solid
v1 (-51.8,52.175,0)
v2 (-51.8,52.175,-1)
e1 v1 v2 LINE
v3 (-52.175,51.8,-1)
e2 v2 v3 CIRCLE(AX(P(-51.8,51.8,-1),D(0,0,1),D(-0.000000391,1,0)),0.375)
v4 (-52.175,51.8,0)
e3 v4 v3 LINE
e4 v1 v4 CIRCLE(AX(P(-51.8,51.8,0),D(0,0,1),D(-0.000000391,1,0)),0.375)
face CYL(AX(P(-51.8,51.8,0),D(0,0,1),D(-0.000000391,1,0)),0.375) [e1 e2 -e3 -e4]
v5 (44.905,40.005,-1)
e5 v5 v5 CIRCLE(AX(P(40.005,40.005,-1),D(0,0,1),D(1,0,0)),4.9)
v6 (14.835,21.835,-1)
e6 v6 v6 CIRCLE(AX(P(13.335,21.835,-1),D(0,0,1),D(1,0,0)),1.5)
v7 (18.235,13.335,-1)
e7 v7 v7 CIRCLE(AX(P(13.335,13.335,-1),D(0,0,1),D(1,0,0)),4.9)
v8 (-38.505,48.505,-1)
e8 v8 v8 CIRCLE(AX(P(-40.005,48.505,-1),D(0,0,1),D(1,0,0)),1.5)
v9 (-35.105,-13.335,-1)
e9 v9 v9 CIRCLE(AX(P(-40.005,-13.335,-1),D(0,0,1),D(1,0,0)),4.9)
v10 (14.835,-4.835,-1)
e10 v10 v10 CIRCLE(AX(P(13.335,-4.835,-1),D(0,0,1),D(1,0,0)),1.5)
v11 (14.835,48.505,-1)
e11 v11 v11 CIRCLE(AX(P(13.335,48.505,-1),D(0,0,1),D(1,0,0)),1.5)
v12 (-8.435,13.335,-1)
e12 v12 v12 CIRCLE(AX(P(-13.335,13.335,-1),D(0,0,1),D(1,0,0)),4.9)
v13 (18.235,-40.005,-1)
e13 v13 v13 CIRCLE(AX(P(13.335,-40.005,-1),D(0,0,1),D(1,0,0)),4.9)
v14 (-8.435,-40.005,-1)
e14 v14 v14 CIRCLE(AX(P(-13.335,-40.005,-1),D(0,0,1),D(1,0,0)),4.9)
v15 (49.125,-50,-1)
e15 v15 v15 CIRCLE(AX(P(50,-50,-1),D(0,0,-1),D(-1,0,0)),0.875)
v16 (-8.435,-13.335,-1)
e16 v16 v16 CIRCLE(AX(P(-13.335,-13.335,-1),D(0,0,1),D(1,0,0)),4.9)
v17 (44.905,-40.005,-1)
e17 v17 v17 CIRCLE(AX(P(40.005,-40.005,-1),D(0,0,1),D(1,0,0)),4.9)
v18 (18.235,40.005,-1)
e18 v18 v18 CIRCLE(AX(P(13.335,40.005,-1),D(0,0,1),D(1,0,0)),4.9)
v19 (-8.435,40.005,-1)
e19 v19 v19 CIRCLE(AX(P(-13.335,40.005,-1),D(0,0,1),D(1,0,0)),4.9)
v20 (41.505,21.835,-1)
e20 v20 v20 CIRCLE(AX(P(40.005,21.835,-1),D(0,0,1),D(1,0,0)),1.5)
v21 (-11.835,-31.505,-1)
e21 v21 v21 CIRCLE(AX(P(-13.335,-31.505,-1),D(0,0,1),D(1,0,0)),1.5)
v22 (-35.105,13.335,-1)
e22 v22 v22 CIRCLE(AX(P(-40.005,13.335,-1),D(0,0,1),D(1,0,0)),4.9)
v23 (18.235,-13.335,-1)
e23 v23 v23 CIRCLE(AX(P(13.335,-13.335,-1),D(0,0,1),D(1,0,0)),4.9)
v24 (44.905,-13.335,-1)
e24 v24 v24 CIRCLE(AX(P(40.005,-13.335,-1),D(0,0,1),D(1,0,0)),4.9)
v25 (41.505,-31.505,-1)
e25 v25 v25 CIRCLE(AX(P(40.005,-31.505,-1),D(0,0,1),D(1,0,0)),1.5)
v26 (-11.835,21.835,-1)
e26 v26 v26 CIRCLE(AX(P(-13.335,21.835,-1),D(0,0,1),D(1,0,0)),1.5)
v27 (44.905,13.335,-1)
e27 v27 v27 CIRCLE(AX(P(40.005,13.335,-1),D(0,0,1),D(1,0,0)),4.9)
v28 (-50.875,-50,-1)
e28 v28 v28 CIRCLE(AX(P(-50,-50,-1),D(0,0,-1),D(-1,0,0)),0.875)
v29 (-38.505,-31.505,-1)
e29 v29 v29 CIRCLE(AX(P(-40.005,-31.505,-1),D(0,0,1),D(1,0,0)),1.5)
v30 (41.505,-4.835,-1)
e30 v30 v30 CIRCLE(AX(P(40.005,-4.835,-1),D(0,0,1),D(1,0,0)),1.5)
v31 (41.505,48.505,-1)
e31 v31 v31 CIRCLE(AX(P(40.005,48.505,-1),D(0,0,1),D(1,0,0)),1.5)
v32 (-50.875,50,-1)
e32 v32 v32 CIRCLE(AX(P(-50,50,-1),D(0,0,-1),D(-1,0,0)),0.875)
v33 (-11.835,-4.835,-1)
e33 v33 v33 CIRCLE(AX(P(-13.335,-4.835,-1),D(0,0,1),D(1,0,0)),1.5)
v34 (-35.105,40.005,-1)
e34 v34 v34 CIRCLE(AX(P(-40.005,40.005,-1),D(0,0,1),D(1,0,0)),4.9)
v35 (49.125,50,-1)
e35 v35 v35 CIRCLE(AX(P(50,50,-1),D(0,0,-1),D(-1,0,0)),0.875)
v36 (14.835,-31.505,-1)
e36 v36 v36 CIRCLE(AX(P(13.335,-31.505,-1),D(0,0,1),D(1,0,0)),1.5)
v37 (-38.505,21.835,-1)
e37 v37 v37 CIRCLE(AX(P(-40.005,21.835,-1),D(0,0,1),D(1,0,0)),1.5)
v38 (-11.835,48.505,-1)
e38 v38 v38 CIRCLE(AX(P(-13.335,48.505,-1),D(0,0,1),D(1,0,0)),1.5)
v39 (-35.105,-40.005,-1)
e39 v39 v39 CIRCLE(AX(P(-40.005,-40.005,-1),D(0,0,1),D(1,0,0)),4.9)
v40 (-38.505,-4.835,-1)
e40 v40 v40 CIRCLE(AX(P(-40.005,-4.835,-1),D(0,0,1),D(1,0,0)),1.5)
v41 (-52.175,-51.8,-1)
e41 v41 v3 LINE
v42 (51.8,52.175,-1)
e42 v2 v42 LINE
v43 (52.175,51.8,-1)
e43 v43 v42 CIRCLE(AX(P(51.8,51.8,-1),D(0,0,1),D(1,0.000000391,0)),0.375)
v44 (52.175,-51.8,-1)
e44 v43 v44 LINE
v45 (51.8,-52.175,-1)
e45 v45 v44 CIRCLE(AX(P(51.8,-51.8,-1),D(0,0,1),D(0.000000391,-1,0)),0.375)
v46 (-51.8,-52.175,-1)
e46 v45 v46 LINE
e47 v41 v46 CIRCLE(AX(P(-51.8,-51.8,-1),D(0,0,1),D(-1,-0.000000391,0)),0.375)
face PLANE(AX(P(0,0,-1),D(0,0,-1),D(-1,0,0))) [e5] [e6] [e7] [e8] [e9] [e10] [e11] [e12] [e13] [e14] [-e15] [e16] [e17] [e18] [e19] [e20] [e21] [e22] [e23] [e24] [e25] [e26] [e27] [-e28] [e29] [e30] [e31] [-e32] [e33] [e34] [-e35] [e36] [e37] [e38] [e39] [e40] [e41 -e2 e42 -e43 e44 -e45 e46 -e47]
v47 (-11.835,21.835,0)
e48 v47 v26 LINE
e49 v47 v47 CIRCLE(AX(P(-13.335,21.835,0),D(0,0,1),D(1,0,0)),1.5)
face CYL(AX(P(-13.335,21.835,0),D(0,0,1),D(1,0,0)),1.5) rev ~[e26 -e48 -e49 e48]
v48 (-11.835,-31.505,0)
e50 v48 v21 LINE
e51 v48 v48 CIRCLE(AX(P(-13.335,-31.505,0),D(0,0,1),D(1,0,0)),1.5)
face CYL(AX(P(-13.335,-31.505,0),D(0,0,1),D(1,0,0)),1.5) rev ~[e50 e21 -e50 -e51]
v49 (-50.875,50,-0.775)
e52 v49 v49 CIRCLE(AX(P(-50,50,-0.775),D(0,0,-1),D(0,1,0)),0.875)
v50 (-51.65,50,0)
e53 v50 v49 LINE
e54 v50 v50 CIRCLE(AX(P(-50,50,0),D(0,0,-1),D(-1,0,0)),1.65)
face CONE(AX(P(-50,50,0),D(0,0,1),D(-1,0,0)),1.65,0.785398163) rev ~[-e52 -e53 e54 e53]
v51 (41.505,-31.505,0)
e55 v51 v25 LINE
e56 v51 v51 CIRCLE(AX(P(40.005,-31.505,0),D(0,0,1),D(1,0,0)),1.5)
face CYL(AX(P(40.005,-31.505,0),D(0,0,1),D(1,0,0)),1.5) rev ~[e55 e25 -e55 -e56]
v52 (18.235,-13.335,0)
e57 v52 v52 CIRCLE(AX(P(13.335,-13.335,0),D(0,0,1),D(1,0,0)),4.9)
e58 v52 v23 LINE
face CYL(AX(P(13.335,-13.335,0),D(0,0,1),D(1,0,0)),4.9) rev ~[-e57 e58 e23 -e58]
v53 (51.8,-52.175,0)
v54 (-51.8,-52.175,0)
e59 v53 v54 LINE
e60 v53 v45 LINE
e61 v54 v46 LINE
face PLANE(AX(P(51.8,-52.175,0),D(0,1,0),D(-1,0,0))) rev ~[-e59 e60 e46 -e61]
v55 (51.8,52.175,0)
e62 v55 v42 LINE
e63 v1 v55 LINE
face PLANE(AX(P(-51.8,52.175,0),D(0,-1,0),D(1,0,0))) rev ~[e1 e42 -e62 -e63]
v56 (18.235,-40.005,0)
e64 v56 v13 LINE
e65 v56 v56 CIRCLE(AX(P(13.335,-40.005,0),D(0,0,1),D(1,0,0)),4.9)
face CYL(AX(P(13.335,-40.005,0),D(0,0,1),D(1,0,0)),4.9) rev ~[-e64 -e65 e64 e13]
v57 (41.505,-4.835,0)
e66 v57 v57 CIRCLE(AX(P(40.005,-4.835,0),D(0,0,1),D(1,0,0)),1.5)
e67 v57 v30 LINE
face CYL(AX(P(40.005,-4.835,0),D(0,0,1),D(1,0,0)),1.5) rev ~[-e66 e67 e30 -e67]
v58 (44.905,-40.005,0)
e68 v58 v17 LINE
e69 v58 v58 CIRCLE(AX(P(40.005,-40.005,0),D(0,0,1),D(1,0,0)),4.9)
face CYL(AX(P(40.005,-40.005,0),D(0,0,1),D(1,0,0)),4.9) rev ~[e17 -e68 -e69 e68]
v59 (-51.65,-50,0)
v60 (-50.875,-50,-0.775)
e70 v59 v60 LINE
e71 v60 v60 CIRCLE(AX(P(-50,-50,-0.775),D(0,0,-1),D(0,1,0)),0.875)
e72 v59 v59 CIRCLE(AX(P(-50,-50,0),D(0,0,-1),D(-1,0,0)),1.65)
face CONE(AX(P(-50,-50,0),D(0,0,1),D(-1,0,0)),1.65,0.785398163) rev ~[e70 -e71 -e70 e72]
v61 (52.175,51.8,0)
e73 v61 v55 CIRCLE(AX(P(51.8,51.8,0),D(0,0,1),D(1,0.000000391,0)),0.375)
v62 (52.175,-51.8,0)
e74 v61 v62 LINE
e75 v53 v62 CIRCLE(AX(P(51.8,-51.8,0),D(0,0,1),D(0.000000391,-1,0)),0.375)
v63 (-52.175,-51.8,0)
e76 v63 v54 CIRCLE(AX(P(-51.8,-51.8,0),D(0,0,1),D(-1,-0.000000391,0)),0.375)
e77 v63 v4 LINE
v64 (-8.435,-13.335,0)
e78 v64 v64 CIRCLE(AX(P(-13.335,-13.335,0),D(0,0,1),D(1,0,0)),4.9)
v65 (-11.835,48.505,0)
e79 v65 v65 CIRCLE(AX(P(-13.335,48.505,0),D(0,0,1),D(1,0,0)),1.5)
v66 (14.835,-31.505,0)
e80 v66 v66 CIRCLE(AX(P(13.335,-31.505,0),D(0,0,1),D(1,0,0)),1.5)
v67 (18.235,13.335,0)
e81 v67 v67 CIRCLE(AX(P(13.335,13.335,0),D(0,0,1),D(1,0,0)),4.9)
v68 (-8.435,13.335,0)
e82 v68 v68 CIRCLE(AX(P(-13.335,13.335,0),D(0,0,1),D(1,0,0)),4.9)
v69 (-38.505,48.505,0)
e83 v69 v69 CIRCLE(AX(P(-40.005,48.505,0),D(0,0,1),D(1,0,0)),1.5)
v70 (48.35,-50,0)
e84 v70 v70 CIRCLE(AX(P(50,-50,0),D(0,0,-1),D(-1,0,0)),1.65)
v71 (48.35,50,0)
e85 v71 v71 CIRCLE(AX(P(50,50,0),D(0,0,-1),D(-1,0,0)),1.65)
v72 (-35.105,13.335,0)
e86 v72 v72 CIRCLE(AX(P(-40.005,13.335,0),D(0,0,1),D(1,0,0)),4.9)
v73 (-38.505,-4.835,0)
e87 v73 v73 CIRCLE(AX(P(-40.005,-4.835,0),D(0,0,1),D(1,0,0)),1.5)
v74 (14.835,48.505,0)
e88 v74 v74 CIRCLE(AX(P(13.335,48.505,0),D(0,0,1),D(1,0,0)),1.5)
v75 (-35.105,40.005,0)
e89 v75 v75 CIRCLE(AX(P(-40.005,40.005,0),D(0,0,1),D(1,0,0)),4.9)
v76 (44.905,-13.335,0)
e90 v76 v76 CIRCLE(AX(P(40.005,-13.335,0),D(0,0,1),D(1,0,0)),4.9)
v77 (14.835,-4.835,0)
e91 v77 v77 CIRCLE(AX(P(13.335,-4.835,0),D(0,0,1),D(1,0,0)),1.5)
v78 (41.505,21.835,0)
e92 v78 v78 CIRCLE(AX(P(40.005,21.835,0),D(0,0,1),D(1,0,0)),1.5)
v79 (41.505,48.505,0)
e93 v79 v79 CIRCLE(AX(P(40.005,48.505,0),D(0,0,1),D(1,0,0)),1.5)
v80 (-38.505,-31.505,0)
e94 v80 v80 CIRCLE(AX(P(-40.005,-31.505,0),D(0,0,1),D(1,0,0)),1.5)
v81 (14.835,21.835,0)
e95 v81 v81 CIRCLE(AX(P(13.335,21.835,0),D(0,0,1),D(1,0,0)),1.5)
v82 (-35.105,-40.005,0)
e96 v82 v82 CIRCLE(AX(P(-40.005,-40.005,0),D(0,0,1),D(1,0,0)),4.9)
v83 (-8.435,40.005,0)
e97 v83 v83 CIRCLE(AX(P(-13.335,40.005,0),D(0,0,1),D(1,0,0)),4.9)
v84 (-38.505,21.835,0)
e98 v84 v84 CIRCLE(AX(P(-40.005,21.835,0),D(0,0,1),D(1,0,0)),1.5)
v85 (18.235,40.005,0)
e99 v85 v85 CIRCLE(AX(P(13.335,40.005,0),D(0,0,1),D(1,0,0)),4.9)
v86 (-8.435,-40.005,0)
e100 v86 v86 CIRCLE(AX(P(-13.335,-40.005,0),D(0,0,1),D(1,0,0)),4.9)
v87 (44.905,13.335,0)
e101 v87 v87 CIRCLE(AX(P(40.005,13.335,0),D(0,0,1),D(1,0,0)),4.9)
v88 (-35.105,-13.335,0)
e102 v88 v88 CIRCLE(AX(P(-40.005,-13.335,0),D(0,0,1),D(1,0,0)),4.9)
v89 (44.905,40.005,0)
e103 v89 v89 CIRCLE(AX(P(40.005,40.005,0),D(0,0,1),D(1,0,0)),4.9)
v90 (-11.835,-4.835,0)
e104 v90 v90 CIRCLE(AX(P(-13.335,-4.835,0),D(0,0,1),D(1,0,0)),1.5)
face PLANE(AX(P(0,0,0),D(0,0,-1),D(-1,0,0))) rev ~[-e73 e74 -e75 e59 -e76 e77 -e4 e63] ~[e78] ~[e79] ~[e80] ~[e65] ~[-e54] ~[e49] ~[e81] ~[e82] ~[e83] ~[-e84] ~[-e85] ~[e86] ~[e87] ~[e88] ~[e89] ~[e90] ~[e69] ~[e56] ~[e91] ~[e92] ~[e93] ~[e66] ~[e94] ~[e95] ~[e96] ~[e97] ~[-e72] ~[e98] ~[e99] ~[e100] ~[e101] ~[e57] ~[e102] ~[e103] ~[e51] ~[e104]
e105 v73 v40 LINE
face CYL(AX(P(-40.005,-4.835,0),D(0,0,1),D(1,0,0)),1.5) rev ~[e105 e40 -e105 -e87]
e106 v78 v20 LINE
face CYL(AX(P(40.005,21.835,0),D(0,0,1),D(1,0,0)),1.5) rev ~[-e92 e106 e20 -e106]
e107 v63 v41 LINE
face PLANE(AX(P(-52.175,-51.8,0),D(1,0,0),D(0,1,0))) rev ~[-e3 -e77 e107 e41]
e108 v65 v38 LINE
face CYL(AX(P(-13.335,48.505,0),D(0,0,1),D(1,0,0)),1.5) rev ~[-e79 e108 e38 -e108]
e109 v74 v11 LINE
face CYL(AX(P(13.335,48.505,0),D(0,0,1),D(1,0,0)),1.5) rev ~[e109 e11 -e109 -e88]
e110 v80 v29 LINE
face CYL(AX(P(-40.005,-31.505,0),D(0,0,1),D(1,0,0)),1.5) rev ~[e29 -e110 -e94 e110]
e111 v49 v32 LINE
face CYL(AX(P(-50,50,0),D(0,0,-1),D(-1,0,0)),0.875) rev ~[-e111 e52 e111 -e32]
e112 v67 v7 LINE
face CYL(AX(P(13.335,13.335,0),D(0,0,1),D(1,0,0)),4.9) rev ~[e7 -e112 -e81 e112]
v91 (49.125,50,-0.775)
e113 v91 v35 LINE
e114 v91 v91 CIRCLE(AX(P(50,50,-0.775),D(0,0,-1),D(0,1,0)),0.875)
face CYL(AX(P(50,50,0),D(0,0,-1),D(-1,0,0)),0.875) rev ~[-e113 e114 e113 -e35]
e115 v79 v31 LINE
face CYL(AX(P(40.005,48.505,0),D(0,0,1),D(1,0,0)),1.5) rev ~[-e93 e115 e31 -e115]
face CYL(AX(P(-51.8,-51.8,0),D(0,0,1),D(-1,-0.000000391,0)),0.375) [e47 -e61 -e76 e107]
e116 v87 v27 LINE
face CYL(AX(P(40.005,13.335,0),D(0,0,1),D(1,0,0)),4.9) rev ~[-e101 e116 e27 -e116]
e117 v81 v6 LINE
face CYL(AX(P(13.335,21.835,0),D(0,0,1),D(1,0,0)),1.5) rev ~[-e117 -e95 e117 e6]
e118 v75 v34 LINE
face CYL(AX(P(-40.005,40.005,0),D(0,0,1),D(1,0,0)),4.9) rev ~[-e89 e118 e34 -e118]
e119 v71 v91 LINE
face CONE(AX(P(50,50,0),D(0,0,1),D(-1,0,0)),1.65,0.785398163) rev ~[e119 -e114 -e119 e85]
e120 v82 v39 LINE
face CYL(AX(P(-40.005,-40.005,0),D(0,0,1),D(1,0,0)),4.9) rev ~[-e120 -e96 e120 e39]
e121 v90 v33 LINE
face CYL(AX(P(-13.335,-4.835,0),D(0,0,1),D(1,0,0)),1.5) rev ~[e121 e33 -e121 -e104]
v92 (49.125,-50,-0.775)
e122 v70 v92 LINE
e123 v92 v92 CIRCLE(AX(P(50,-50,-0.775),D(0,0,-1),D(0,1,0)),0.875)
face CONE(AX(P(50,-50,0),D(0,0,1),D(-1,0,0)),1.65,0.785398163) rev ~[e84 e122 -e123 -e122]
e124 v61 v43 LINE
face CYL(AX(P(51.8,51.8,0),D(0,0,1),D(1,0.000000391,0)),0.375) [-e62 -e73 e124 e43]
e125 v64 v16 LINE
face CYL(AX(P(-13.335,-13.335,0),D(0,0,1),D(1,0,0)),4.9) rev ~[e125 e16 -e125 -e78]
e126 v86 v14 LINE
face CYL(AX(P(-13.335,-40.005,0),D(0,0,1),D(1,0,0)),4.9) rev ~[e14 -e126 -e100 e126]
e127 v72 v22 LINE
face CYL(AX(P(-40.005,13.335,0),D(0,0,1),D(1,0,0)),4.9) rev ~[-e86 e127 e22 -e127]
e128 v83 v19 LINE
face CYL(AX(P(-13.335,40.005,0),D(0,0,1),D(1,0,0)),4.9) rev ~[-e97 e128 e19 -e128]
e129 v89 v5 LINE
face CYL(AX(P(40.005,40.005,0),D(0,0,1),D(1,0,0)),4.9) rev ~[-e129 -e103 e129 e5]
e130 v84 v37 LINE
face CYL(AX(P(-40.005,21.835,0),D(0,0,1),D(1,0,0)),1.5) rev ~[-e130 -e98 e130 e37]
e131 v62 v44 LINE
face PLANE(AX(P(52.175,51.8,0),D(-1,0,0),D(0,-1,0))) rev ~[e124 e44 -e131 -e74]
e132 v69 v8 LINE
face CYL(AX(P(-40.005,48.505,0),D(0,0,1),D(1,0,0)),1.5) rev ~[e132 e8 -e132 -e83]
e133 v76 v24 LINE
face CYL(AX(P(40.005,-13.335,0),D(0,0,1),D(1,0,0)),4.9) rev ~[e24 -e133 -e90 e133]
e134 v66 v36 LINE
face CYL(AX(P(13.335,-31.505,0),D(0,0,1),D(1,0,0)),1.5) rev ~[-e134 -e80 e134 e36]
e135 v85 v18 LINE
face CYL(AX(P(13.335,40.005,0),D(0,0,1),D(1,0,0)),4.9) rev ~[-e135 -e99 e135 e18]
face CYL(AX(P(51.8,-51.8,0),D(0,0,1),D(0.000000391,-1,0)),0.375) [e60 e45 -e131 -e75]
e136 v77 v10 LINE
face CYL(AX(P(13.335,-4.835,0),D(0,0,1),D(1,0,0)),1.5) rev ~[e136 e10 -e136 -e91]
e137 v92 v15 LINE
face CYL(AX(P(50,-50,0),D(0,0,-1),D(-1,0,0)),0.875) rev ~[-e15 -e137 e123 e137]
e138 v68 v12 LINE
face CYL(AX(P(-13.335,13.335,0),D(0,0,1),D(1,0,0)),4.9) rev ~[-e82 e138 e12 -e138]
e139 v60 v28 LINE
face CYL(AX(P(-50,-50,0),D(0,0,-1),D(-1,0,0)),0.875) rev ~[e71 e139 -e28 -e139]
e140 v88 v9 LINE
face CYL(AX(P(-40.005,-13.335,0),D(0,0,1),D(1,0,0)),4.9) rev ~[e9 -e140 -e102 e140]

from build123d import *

# Parameters (mm, degrees)
PAD_DEPTH        = 1
POCKET_DEPTH     = 0.001
HOLE_D           = 1.75
HOLE_CSINK_D     = 3.3
HOLE_CSINK_ANGLE = 90
SKETCH005_R      = 4.9
HOLE003_DEPTH    = 1.001
SKETCH006_R      = 1.5
HOLE004_DEPTH    = 1.001


with BuildPart() as part:
    # Sketch → Pad (new body)
    with BuildSketch(Plane.XY):
        with BuildLine():
            Line((-51.8, 52.175), (51.8, 52.175))
            ThreePointArc((52.175, 51.8), (52.065165, 52.065165), (51.8, 52.175))
            Line((52.175, 51.8), (52.175, -51.8))
            ThreePointArc((51.8, -52.175), (52.065165, -52.065165), (52.175, -51.8))
            Line((51.8, -52.175), (-51.8, -52.175))
            ThreePointArc((-52.175, -51.8), (-52.065165, -52.065165), (-51.8, -52.175))
            Line((-52.175, -51.8), (-52.175, 51.8))
            ThreePointArc((-51.8, 52.175), (-52.065165, 52.065165), (-52.175, 51.8))
        make_face()
    extrude(amount=-PAD_DEPTH)

    # Sketch002 → Pocket (cut, through all)
    with BuildSketch(Plane.XY.offset(-4.8)):
        with BuildLine():
            Line((-45, 50.175), (45, 50.175))
            ThreePointArc((45, 50.175), (45.353553, 50.321447), (45.5, 50.675))
            ThreePointArc((45.5, 50.675), (45.353553, 51.028553), (45, 51.175))
            Line((-45, 51.175), (45, 51.175))
            ThreePointArc((-45, 51.175), (-45.353553, 51.028553), (-45.5, 50.675))
            ThreePointArc((-45.5, 50.675), (-45.353553, 50.321447), (-45, 50.175))
        make_face()
        with BuildLine():
            Line((-45, -51.175), (45, -51.175))
            ThreePointArc((45, -51.175), (45.353553, -51.028553), (45.5, -50.675))
            ThreePointArc((45.5, -50.675), (45.353553, -50.321447), (45, -50.175))
            Line((-45, -50.175), (45, -50.175))
            ThreePointArc((-45, -50.175), (-45.353553, -50.321447), (-45.5, -50.675))
            ThreePointArc((-45.5, -50.675), (-45.353553, -51.028553), (-45, -51.175))
        make_face()
        with BuildLine():
            Line((51.175, -45), (51.175, 45))
            ThreePointArc((51.175, 45), (51.028553, 45.353553), (50.675, 45.5))
            ThreePointArc((50.675, 45.5), (50.321447, 45.353553), (50.175, 45))
            Line((50.175, -45), (50.175, 45))
            ThreePointArc((50.175, -45), (50.321447, -45.353553), (50.675, -45.5))
            ThreePointArc((50.675, -45.5), (51.028553, -45.353553), (51.175, -45))
        make_face()
        with BuildLine():
            Line((-50.175, -45), (-50.175, 45))
            ThreePointArc((-50.175, 45), (-50.321447, 45.353553), (-50.675, 45.5))
            ThreePointArc((-50.675, 45.5), (-51.028553, 45.353553), (-51.175, 45))
            Line((-51.175, -45), (-51.175, 45))
            ThreePointArc((-51.175, -45), (-51.028553, -45.353553), (-50.675, -45.5))
            ThreePointArc((-50.675, -45.5), (-50.321447, -45.353553), (-50.175, -45))
        make_face()
    extrude(amount=-POCKET_DEPTH, mode=Mode.SUBTRACT)

    # Hole (through all)
    with Locations(Plane.XY):
        with Locations((-50, 50), (50, 50), (50, -50), (-50, -50)):
            CounterSinkHole(HOLE_D / 2, HOLE_CSINK_D / 2, counter_sink_angle=HOLE_CSINK_ANGLE)

    # Sketch005 → Hole003 (cut, through all)
    with BuildSketch(Plane.XY):
        with Locations((-40.005, 40.005)):
            Circle(SKETCH005_R)
        with Locations((-13.335, 40.005)):
            Circle(SKETCH005_R)
        with Locations((13.335, 40.005)):
            Circle(SKETCH005_R)
        with Locations((40.005, 40.005)):
            Circle(SKETCH005_R)
        with Locations((-40.005, 13.335)):
            Circle(SKETCH005_R)
        with Locations((-13.335, 13.335)):
            Circle(SKETCH005_R)
        with Locations((13.335, 13.335)):
            Circle(SKETCH005_R)
        with Locations((40.005, 13.335)):
            Circle(SKETCH005_R)
        with Locations((-40.005, -13.335)):
            Circle(SKETCH005_R)
        with Locations((-13.335, -13.335)):
            Circle(SKETCH005_R)
        with Locations((13.335, -13.335)):
            Circle(SKETCH005_R)
        with Locations((40.005, -13.335)):
            Circle(SKETCH005_R)
        with Locations((-40.005, -40.005)):
            Circle(SKETCH005_R)
        with Locations((-13.335, -40.005)):
            Circle(SKETCH005_R)
        with Locations((13.335, -40.005)):
            Circle(SKETCH005_R)
        with Locations((40.005, -40.005)):
            Circle(SKETCH005_R)
    extrude(amount=-HOLE003_DEPTH, mode=Mode.SUBTRACT)

    # Sketch006 → Hole004 (cut, through all)
    with BuildSketch(Plane.XY):
        with Locations((-40.005, 48.505)):
            Circle(SKETCH006_R)
        with Locations((-13.335, 48.505)):
            Circle(SKETCH006_R)
        with Locations((13.335, 48.505)):
            Circle(SKETCH006_R)
        with Locations((40.005, 48.505)):
            Circle(SKETCH006_R)
        with Locations((-40.005, 21.835)):
            Circle(SKETCH006_R)
        with Locations((-13.335, 21.835)):
            Circle(SKETCH006_R)
        with Locations((13.335, 21.835)):
            Circle(SKETCH006_R)
        with Locations((40.005, 21.835)):
            Circle(SKETCH006_R)
        with Locations((-40.005, -4.835)):
            Circle(SKETCH006_R)
        with Locations((-13.335, -4.835)):
            Circle(SKETCH006_R)
        with Locations((13.335, -4.835)):
            Circle(SKETCH006_R)
        with Locations((40.005, -4.835)):
            Circle(SKETCH006_R)
        with Locations((-40.005, -31.505)):
            Circle(SKETCH006_R)
        with Locations((-13.335, -31.505)):
            Circle(SKETCH006_R)
        with Locations((13.335, -31.505)):
            Circle(SKETCH006_R)
        with Locations((40.005, -31.505)):
            Circle(SKETCH006_R)
    extrude(amount=-HOLE004_DEPTH, mode=Mode.SUBTRACT)


solid = part.part
